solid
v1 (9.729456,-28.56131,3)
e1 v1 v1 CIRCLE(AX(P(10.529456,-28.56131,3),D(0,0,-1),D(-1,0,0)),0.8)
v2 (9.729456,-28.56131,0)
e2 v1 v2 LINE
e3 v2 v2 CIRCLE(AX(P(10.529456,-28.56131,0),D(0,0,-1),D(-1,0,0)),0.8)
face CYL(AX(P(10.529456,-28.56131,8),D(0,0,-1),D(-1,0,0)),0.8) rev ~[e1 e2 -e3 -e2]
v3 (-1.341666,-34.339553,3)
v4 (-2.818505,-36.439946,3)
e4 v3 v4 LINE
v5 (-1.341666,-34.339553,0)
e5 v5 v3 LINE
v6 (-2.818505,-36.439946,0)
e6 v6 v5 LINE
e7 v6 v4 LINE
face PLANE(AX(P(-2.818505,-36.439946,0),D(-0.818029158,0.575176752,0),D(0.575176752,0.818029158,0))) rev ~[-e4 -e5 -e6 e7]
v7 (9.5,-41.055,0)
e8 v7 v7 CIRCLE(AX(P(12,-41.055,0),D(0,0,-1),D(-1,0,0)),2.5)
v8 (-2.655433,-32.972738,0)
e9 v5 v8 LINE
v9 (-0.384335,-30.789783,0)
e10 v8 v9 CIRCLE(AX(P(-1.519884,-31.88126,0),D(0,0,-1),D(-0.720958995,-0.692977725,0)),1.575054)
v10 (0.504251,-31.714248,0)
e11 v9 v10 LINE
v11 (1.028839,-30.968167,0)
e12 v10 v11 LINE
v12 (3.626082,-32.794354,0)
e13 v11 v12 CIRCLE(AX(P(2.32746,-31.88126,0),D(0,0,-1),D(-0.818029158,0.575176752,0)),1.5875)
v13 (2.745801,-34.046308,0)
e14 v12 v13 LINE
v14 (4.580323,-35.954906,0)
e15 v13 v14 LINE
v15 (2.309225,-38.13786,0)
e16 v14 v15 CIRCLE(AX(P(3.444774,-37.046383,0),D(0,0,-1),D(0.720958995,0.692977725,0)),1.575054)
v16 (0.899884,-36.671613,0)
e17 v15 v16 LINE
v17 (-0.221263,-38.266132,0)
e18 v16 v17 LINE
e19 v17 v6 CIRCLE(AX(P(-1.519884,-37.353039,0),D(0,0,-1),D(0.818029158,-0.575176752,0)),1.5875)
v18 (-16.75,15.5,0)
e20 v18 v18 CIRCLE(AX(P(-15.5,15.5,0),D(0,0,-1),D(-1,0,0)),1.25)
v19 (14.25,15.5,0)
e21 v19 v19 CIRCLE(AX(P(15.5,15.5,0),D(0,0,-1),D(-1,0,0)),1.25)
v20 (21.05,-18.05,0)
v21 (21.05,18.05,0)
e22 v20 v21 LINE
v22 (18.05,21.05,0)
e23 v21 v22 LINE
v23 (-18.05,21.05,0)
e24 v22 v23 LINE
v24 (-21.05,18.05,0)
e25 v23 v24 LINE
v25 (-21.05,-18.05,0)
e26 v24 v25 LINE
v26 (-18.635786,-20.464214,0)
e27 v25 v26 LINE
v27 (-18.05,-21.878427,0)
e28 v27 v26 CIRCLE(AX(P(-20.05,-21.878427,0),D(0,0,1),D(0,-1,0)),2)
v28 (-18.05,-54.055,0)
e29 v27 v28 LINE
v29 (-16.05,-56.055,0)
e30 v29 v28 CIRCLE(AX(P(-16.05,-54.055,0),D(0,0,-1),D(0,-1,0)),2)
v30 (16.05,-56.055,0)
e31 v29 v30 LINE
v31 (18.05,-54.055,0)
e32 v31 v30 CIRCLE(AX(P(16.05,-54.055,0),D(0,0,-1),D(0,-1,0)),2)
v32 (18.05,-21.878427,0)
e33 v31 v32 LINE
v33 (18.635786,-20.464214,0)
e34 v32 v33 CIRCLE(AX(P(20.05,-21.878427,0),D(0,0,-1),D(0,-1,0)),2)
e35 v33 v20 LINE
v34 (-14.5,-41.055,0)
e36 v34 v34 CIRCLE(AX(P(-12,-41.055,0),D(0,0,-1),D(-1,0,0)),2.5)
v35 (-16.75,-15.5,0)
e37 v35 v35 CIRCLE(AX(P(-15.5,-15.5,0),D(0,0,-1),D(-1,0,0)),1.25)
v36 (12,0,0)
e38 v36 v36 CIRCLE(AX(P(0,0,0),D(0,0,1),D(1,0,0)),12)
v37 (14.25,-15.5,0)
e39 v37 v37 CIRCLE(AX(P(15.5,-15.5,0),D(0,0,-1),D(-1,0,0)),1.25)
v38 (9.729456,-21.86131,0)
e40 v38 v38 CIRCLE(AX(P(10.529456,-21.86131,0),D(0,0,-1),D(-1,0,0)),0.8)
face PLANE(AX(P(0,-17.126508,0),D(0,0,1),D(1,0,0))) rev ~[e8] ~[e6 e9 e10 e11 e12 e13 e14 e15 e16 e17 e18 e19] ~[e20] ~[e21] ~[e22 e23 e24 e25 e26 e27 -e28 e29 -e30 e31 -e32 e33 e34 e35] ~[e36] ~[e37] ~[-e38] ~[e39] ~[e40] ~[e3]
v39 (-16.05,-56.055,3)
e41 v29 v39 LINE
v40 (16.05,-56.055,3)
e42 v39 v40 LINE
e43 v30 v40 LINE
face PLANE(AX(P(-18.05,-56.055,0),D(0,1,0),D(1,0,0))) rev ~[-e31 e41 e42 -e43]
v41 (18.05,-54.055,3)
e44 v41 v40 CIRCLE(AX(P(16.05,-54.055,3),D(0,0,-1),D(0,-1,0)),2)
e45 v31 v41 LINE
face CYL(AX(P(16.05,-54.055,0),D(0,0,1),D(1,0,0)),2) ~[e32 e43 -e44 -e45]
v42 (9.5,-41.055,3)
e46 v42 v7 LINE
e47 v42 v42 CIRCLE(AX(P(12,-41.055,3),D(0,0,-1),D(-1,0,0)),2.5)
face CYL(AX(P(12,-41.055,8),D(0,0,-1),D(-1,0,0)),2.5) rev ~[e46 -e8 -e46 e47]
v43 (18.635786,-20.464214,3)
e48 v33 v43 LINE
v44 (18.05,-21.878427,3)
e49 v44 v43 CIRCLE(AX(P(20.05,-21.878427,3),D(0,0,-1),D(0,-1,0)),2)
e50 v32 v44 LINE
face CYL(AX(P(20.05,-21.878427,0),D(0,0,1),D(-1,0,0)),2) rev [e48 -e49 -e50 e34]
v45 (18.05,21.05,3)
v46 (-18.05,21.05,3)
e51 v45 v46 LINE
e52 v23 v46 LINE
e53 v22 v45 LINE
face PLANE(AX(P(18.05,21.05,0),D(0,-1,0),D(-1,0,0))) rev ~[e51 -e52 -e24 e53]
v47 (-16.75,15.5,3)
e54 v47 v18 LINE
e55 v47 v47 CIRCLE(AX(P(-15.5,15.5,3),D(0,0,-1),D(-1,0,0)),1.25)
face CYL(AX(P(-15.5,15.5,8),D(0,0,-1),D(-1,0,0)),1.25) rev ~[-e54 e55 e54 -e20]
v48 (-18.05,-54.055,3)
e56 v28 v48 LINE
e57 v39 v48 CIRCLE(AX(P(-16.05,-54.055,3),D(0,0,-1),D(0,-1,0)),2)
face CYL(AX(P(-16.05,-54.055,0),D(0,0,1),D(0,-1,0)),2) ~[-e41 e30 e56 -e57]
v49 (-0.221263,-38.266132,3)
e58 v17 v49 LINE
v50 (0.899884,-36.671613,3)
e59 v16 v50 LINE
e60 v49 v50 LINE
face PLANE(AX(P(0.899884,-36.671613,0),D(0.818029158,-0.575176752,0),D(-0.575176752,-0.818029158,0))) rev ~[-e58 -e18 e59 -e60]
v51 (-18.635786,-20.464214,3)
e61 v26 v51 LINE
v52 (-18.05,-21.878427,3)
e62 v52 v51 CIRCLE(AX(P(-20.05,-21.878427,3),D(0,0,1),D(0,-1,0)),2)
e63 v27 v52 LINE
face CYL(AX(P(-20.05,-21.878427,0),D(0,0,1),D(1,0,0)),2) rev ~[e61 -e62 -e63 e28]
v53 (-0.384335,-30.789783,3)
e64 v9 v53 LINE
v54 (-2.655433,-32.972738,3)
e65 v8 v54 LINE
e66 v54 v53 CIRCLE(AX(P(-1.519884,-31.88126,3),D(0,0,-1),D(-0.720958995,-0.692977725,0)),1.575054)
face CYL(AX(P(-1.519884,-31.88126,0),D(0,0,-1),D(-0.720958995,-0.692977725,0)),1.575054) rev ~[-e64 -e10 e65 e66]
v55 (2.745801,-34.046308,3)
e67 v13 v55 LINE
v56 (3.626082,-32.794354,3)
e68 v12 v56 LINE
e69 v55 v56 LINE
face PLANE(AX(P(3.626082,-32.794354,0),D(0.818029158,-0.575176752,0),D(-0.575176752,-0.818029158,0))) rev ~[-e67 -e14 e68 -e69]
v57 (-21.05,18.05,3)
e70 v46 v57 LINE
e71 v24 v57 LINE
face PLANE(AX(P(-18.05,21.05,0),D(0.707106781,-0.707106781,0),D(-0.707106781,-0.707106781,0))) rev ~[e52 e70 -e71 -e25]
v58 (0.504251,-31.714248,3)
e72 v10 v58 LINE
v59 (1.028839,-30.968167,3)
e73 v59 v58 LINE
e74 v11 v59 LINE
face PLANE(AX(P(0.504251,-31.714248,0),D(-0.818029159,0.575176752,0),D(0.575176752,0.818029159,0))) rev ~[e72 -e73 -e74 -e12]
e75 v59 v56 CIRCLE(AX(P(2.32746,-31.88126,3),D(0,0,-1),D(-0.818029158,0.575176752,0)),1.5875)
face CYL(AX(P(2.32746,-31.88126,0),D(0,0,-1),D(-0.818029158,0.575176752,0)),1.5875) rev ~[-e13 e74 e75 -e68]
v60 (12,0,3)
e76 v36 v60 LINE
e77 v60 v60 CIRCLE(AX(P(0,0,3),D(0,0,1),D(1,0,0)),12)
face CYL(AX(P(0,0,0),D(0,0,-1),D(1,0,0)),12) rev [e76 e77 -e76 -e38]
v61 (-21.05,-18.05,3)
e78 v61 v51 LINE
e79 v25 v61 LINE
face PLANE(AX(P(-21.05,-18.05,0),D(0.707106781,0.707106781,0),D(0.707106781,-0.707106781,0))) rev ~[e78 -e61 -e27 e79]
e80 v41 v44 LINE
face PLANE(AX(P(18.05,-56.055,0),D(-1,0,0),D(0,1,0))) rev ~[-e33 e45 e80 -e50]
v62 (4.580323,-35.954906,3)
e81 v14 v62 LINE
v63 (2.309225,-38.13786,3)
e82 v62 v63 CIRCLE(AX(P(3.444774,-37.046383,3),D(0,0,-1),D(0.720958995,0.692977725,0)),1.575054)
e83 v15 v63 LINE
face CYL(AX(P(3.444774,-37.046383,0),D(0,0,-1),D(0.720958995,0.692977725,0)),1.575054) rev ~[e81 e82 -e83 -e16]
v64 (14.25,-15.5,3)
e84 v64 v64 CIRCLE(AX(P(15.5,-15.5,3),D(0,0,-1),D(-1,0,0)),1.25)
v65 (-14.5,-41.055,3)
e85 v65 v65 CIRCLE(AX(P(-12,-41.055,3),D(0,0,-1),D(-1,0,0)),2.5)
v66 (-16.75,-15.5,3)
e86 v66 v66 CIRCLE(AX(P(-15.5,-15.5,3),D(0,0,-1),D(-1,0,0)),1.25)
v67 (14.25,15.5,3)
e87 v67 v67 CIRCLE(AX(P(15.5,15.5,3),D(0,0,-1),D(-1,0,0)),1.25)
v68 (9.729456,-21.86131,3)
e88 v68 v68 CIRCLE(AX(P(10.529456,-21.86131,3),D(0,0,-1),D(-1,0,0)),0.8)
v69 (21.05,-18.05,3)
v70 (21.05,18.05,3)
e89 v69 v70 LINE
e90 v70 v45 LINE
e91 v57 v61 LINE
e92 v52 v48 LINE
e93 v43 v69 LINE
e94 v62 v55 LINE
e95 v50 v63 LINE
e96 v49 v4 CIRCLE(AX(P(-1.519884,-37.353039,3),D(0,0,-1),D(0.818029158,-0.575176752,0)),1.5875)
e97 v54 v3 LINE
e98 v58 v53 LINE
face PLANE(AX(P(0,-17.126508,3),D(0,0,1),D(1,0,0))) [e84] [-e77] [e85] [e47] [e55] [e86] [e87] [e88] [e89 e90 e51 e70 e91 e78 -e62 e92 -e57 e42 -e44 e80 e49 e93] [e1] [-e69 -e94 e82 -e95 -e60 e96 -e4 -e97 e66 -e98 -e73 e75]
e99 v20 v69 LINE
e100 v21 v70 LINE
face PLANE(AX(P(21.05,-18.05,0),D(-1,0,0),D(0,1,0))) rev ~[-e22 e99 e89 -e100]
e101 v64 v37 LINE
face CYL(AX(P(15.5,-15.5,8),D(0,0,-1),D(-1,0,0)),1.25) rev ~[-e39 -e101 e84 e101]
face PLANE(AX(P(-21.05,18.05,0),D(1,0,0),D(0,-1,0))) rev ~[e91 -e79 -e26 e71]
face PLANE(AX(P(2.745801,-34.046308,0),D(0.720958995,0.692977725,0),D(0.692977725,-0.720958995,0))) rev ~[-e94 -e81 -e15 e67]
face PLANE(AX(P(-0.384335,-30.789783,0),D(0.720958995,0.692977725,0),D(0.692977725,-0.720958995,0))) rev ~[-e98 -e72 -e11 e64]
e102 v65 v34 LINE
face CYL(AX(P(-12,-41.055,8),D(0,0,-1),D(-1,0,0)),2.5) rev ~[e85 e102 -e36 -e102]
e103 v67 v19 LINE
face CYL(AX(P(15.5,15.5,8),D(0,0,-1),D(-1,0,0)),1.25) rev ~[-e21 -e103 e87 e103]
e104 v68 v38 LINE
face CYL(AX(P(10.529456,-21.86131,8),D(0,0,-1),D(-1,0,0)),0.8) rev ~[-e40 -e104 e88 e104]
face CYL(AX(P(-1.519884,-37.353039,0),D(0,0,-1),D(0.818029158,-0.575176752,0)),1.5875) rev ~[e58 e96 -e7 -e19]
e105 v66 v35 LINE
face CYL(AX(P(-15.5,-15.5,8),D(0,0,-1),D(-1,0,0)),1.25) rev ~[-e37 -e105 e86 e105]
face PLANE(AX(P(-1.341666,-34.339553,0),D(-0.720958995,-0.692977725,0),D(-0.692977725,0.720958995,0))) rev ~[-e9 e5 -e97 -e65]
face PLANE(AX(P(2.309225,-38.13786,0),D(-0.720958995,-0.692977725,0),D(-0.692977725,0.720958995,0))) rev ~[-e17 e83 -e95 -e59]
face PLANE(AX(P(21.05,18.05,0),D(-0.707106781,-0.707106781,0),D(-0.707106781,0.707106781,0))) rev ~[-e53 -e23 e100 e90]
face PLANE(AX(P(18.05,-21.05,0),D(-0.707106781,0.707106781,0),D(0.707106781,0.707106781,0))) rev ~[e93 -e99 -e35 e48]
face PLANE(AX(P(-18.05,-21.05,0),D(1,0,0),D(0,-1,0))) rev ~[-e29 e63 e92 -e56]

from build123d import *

# Parameters (mm, degrees)
SKETCH1_R                   = 12
BOSS_EXTRUDE1_DEPTH         = 3
TAP_DRILL_FOR_M3_TAP1_D     = 2.5
TAP_DRILL_FOR_M3_TAP1_DEPTH = 5
TAP_DRILL_FOR_M3_TAP1_TIP   = 0.751075774
TAP_DRILL_FOR_M4_TAP1_D     = 5
TAP_DRILL_FOR_M4_TAP1_DEPTH = 5
TAP_DRILL_FOR_M4_TAP1_TIP   = 1.502151548
FILLET1_R                   = 2
TAP_DRILL_FOR_M2_TAP1_D     = 1.6
TAP_DRILL_FOR_M2_TAP1_DEPTH = 5
TAP_DRILL_FOR_M2_TAP1_TIP   = 0.480688495
CUT_EXTRUDE1_DEPTH          = 10


with BuildPart() as part:
    # Sketch1 → Boss-Extrude1 (new body)
    with BuildSketch(Plane.XY):
        Polygon((18.05, -56.055), (18.05, -21.05), (21.05, -18.05), (21.05, 18.05), (18.05, 21.05), (-18.05, 21.05), (-21.05, 18.05), (-21.05, -18.05), (-18.05, -21.05), (-18.05, -56.055), align=None)
        Circle(SKETCH1_R, mode=Mode.SUBTRACT)
    extrude(amount=BOSS_EXTRUDE1_DEPTH)

    # Tap Drill for M3 Tap1
    with Locations(Plane.XY.offset(3)):
        with Locations((-15.5, 15.5), (15.5, 15.5), (-15.5, -15.5), (15.5, -15.5)):
            Hole(TAP_DRILL_FOR_M3_TAP1_D / 2, depth=TAP_DRILL_FOR_M3_TAP1_DEPTH)
            with Locations((0, 0, -(TAP_DRILL_FOR_M3_TAP1_DEPTH + TAP_DRILL_FOR_M3_TAP1_TIP / 2))):  # 118° drill point
                Cone(0, TAP_DRILL_FOR_M3_TAP1_D / 2, TAP_DRILL_FOR_M3_TAP1_TIP, mode=Mode.SUBTRACT)

    # Tap Drill for M4 Tap1
    with Locations(Plane.XY.offset(3)):
        with Locations((12, -41.055), (-12, -41.055)):
            Hole(TAP_DRILL_FOR_M4_TAP1_D / 2, depth=TAP_DRILL_FOR_M4_TAP1_DEPTH)
            with Locations((0, 0, -(TAP_DRILL_FOR_M4_TAP1_DEPTH + TAP_DRILL_FOR_M4_TAP1_TIP / 2))):  # 118° drill point
                Cone(0, TAP_DRILL_FOR_M4_TAP1_D / 2, TAP_DRILL_FOR_M4_TAP1_TIP, mode=Mode.SUBTRACT)

    # Fillet1
    fillet1_edges = [part.edges().sort_by_distance(p)[0] for p in [
        (18.05, -21.05, 1.5),
        (18.05, -56.055, 1.5),
        (-18.05, -56.055, 1.5),
        (-18.05, -21.05, 1.5),
    ]]
    fillet(fillet1_edges, radius=FILLET1_R)

    # Tap Drill for M2 Tap1
    with Locations(Plane.XY.offset(3)):
        with Locations((10.52945603, -21.86131015), (10.52945603, -28.56131015)):
            Hole(TAP_DRILL_FOR_M2_TAP1_D / 2, depth=TAP_DRILL_FOR_M2_TAP1_DEPTH)
            with Locations((0, 0, -(TAP_DRILL_FOR_M2_TAP1_DEPTH + TAP_DRILL_FOR_M2_TAP1_TIP / 2))):  # 118° drill point
                Cone(0, TAP_DRILL_FOR_M2_TAP1_D / 2, TAP_DRILL_FOR_M2_TAP1_TIP, mode=Mode.SUBTRACT)

    # Sketch8 → Cut-Extrude1 (cut)
    with BuildSketch(Plane.XY):
        with BuildLine():
            Line((0.899883871, -36.671612752), (-0.221262765, -38.266132411))
            ThreePointArc((-0.221262765, -38.266132411), (-2.432977147, -38.651660606), (-2.818505343, -36.439946223))
            Line((-2.818505343, -36.439946223), (-1.341666159, -34.339552718))
            Line((-1.341666159, -34.339552718), (-2.655433384, -32.972737792))
            ThreePointArc((-2.655433384, -32.972737792), (-2.611361373, -30.745711142), (-0.384334723, -30.789783153))
            Line((-0.384334723, -30.789783153), (0.504250938, -31.714248402))
            Line((0.504250938, -31.714248402), (1.028839157, -30.968167379))
            ThreePointArc((1.028839157, -30.968167379), (3.24055354, -30.582639184), (3.626081735, -32.794353566))
            Line((3.626081735, -32.794353566), (2.745800968, -34.046308435))
            Line((2.745800968, -34.046308435), (4.580323387, -35.954905771))
            ThreePointArc((4.580323387, -35.954905771), (4.536251377, -38.181932421), (2.309224727, -38.137860411))
            Line((2.309224727, -38.137860411), (0.899883871, -36.671612752))
        make_face()
    extrude(amount=CUT_EXTRUDE1_DEPTH, mode=Mode.SUBTRACT)


solid = part.part
